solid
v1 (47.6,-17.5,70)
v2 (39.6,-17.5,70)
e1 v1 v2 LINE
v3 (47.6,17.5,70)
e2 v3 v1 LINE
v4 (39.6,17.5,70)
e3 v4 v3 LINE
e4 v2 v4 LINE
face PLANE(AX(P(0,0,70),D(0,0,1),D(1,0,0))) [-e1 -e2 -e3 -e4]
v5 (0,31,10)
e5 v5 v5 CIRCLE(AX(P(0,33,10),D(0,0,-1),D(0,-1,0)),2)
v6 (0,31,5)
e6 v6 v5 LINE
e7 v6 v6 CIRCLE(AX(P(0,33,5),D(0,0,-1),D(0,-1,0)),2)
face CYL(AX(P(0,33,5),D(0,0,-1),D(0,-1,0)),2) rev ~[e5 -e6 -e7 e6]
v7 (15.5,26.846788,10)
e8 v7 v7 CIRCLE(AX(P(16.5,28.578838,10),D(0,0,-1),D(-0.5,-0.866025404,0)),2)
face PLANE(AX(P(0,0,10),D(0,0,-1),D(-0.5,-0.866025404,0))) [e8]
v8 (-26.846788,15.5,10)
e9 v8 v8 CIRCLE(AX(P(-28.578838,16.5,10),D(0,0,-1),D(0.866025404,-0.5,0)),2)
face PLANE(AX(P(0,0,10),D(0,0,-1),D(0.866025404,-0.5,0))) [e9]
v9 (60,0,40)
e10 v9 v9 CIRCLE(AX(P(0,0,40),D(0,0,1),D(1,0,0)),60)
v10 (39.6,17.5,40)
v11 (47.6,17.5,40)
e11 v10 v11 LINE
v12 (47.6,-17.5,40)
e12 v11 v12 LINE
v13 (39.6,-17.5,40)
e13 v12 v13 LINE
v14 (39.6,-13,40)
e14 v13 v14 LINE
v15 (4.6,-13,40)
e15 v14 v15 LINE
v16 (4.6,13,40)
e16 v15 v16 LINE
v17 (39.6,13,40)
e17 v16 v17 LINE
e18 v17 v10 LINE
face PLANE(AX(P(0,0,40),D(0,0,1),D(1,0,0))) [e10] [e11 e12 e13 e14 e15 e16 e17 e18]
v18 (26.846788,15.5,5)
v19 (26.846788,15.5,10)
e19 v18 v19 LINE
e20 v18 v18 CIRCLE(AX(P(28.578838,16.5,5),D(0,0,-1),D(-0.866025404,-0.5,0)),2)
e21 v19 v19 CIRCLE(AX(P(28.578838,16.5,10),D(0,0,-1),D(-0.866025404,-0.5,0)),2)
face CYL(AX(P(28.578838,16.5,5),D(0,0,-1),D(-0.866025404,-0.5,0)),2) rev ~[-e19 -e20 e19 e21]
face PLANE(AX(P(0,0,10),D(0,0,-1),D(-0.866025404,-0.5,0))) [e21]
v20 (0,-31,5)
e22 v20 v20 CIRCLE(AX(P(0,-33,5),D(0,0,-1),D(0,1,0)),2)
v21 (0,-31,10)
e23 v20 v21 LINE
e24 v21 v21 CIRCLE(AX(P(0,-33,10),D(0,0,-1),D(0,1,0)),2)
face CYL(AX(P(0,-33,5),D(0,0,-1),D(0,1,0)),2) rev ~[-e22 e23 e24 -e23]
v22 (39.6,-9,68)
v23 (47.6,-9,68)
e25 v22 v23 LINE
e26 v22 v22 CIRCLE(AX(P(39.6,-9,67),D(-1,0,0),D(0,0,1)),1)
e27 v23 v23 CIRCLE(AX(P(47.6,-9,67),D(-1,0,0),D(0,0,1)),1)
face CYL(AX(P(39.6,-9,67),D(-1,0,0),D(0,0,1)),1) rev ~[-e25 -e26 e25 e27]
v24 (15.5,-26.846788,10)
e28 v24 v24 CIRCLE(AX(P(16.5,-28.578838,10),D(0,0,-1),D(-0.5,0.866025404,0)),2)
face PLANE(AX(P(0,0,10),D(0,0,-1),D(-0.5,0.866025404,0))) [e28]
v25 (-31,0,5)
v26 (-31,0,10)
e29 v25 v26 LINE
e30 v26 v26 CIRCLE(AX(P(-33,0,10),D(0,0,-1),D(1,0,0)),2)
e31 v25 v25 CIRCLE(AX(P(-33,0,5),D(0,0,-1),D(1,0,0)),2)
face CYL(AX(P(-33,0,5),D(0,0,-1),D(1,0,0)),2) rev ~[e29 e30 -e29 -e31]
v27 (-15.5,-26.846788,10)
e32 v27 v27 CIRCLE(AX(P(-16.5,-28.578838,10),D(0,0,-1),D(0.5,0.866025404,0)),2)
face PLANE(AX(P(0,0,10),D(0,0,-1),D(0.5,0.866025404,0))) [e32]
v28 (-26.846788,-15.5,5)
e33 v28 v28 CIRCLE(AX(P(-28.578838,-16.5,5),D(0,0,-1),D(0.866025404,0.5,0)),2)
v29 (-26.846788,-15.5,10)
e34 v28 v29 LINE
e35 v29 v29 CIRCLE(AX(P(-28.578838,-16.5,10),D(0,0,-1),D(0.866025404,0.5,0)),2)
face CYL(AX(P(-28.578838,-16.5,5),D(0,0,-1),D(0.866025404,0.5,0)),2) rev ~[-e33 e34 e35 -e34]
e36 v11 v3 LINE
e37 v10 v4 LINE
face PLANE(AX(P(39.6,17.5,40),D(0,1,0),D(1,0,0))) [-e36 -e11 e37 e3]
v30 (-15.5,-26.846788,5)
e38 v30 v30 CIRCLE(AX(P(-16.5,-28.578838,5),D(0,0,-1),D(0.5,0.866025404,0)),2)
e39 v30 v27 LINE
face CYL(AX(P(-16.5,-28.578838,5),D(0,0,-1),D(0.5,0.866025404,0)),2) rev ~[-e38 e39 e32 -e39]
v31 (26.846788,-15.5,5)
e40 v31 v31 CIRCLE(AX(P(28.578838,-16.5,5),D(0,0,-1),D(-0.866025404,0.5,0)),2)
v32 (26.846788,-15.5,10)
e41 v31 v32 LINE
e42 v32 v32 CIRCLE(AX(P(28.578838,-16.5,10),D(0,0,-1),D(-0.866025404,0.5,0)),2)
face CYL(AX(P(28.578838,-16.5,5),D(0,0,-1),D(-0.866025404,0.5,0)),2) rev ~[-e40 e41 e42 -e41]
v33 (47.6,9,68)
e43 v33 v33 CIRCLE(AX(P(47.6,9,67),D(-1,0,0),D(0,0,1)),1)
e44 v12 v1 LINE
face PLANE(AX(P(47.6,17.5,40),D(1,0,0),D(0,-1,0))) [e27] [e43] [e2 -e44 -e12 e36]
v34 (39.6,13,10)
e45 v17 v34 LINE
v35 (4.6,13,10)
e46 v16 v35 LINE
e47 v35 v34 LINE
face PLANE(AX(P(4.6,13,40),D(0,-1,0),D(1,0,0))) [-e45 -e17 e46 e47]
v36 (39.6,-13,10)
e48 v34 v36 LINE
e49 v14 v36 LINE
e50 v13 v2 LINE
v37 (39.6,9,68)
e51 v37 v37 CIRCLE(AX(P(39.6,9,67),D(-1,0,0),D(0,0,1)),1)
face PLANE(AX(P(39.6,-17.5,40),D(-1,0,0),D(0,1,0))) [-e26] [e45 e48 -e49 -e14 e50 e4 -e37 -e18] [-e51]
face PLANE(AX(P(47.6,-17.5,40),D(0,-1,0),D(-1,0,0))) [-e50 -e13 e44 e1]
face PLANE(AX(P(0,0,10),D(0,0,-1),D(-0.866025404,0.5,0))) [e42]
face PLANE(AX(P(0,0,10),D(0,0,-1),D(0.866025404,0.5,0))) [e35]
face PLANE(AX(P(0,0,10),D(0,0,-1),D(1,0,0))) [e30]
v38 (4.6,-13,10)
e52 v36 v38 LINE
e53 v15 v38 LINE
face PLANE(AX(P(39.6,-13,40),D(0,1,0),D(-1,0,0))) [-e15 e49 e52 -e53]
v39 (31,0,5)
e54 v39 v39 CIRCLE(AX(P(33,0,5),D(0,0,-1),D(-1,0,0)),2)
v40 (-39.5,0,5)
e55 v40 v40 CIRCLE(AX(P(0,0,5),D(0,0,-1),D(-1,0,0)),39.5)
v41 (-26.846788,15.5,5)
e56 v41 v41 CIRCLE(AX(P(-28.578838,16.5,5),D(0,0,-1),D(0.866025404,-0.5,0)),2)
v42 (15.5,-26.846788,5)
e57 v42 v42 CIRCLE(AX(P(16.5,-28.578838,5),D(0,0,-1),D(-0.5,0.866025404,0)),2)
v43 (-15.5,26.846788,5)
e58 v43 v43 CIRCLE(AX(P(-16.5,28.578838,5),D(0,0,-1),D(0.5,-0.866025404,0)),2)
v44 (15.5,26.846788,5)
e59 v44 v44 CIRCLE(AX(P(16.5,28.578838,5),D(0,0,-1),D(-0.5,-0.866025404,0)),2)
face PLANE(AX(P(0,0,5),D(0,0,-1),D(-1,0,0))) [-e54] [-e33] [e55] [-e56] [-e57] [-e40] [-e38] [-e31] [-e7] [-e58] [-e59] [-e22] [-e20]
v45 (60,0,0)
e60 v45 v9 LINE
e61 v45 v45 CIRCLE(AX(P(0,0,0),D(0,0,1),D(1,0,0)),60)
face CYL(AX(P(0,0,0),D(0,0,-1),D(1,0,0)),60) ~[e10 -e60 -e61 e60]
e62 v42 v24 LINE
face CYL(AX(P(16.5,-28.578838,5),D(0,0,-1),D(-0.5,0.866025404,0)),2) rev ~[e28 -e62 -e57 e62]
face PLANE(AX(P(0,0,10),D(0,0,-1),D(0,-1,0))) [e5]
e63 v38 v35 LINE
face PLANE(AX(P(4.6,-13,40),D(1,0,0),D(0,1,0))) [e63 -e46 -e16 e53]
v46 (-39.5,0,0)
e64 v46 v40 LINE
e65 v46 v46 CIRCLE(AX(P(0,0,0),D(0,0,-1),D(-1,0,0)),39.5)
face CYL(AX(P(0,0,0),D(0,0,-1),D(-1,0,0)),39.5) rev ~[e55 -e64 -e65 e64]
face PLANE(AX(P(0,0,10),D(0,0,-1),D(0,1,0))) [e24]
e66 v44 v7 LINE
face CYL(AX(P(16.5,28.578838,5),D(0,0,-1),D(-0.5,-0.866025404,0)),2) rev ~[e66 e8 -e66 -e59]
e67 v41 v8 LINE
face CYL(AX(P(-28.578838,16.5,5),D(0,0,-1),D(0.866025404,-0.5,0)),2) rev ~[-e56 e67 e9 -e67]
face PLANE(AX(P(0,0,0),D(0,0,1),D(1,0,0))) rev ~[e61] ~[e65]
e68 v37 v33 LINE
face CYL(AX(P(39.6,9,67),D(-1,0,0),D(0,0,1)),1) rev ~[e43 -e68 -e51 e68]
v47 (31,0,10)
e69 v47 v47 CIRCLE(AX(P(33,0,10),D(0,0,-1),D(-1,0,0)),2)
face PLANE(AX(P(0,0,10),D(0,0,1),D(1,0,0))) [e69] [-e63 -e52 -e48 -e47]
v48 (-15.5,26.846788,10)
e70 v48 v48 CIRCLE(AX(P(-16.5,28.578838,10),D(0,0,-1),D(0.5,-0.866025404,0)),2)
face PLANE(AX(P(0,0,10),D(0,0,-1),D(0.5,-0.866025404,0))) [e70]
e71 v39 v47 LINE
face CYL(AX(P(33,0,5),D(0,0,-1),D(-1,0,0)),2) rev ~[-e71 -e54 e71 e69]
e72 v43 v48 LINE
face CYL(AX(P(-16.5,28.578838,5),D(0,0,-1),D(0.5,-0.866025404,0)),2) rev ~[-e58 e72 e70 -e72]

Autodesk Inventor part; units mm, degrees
ref_plane "YZ Plane" through (0, 0, 0) normal (1, 0, 0) x (0, 1, 0)
ref_plane "XZ Plane" through (0, 0, 0) normal (0, 1, 0) x (-1, 0, 0)
ref_plane "XY Plane" through (0, 0, 0) normal (0, 0, 1) x (1, 0, 0)
sketch "Sketch1" plane through (0, 0, 0) normal (0, 0, 1) x (1, 0, 0)
  circle A0 centre (0, 0) radius 60
  dimension "d0" = 120
extrude "Extrusion1" add sketch "Sketch1" along normal blind 40
sketch "Sketch4" plane through (0, 0, 40) normal (0, 0, 1) x (1, 0, 0)
  line L0 (4.6, 13) -> (39.6, 13)
  line L1 (39.6, 13) -> (39.6, -13)
  line L2 (39.6, -13) -> (4.6, -13)
  line L3 (4.6, -13) -> (4.6, 13)
  line L4 (0, 0) -> (4.6, 0) construction
  dimension "d14" = 35
  dimension "d15" = 26
  dimension "d16" = 4.6
extrude "Extrusion4" cut sketch "Sketch4" against normal blind 30
sketch "Sketch5" plane through (0, 0, 40) normal (0, 0, 1) x (1, 0, 0)
  line L0 (47.6, -17.5) -> (39.6, -17.5)
  line L1 (39.6, -17.5) -> (39.6, 17.5)
  line L2 (39.6, 17.5) -> (47.6, 17.5)
  line L3 (47.6, 17.5) -> (47.6, -17.5)
  line L4 (39.6, 13) -> (39.6, -13) projected
  point P0 (0, 0)
  point P1 (39.6, 0)
  point P2 (39.6, 0)
  dimension "d19" = 35
  dimension "d20" = 8
extrude "Extrusion5" add sketch "Sketch5" along normal blind 30
sketch "Sketch6" plane through (39.6, -13, 10) normal (-1, 0, 0) x (0, 0, 1)
  circle A0 centre (57, 22) radius 1
  circle A1 centre (57, 4) radius 1
  line L0 (57, 22) -> (57, 4) construction
  line L1 (60, 30.5) -> (60, -4.5) construction
  point P0 (-10, 13)
  point P1 (57, 13)
  point P2 (60, 13)
  dimension "d23" = 18
  dimension "d24" = 2
  dimension "d25" = 2
  dimension "d26" = 3
extrude "Extrusion6" cut sketch "Sketch6" against normal up to surface (8 mm away)
sketch "Sketch7" plane through (0, 0, 0) normal (0, 0, -1) x (-1, 0, 0)
  circle A0 centre (0, 0) radius 39.5
  dimension "d29" = 79
extrude "Extrusion7" cut sketch "Sketch7" against normal blind 5
sketch "Sketch8" plane through (0, 0, 5) normal (0, 0, -1) x (-1, 0, 0)
  circle A0 centre (-33, 0) radius 2
  point P0 (0, 0)
  dimension "d32" = 33
  dimension "d33" = 4
extrude "Extrusion8" cut sketch "Sketch8" against normal blind 5
pattern_circular "Circular Pattern1" count 12 over 360 about axis through (0, 0, 0) along (0, 0, 1) of "Extrusion8"
properties part number "manipulator base"
